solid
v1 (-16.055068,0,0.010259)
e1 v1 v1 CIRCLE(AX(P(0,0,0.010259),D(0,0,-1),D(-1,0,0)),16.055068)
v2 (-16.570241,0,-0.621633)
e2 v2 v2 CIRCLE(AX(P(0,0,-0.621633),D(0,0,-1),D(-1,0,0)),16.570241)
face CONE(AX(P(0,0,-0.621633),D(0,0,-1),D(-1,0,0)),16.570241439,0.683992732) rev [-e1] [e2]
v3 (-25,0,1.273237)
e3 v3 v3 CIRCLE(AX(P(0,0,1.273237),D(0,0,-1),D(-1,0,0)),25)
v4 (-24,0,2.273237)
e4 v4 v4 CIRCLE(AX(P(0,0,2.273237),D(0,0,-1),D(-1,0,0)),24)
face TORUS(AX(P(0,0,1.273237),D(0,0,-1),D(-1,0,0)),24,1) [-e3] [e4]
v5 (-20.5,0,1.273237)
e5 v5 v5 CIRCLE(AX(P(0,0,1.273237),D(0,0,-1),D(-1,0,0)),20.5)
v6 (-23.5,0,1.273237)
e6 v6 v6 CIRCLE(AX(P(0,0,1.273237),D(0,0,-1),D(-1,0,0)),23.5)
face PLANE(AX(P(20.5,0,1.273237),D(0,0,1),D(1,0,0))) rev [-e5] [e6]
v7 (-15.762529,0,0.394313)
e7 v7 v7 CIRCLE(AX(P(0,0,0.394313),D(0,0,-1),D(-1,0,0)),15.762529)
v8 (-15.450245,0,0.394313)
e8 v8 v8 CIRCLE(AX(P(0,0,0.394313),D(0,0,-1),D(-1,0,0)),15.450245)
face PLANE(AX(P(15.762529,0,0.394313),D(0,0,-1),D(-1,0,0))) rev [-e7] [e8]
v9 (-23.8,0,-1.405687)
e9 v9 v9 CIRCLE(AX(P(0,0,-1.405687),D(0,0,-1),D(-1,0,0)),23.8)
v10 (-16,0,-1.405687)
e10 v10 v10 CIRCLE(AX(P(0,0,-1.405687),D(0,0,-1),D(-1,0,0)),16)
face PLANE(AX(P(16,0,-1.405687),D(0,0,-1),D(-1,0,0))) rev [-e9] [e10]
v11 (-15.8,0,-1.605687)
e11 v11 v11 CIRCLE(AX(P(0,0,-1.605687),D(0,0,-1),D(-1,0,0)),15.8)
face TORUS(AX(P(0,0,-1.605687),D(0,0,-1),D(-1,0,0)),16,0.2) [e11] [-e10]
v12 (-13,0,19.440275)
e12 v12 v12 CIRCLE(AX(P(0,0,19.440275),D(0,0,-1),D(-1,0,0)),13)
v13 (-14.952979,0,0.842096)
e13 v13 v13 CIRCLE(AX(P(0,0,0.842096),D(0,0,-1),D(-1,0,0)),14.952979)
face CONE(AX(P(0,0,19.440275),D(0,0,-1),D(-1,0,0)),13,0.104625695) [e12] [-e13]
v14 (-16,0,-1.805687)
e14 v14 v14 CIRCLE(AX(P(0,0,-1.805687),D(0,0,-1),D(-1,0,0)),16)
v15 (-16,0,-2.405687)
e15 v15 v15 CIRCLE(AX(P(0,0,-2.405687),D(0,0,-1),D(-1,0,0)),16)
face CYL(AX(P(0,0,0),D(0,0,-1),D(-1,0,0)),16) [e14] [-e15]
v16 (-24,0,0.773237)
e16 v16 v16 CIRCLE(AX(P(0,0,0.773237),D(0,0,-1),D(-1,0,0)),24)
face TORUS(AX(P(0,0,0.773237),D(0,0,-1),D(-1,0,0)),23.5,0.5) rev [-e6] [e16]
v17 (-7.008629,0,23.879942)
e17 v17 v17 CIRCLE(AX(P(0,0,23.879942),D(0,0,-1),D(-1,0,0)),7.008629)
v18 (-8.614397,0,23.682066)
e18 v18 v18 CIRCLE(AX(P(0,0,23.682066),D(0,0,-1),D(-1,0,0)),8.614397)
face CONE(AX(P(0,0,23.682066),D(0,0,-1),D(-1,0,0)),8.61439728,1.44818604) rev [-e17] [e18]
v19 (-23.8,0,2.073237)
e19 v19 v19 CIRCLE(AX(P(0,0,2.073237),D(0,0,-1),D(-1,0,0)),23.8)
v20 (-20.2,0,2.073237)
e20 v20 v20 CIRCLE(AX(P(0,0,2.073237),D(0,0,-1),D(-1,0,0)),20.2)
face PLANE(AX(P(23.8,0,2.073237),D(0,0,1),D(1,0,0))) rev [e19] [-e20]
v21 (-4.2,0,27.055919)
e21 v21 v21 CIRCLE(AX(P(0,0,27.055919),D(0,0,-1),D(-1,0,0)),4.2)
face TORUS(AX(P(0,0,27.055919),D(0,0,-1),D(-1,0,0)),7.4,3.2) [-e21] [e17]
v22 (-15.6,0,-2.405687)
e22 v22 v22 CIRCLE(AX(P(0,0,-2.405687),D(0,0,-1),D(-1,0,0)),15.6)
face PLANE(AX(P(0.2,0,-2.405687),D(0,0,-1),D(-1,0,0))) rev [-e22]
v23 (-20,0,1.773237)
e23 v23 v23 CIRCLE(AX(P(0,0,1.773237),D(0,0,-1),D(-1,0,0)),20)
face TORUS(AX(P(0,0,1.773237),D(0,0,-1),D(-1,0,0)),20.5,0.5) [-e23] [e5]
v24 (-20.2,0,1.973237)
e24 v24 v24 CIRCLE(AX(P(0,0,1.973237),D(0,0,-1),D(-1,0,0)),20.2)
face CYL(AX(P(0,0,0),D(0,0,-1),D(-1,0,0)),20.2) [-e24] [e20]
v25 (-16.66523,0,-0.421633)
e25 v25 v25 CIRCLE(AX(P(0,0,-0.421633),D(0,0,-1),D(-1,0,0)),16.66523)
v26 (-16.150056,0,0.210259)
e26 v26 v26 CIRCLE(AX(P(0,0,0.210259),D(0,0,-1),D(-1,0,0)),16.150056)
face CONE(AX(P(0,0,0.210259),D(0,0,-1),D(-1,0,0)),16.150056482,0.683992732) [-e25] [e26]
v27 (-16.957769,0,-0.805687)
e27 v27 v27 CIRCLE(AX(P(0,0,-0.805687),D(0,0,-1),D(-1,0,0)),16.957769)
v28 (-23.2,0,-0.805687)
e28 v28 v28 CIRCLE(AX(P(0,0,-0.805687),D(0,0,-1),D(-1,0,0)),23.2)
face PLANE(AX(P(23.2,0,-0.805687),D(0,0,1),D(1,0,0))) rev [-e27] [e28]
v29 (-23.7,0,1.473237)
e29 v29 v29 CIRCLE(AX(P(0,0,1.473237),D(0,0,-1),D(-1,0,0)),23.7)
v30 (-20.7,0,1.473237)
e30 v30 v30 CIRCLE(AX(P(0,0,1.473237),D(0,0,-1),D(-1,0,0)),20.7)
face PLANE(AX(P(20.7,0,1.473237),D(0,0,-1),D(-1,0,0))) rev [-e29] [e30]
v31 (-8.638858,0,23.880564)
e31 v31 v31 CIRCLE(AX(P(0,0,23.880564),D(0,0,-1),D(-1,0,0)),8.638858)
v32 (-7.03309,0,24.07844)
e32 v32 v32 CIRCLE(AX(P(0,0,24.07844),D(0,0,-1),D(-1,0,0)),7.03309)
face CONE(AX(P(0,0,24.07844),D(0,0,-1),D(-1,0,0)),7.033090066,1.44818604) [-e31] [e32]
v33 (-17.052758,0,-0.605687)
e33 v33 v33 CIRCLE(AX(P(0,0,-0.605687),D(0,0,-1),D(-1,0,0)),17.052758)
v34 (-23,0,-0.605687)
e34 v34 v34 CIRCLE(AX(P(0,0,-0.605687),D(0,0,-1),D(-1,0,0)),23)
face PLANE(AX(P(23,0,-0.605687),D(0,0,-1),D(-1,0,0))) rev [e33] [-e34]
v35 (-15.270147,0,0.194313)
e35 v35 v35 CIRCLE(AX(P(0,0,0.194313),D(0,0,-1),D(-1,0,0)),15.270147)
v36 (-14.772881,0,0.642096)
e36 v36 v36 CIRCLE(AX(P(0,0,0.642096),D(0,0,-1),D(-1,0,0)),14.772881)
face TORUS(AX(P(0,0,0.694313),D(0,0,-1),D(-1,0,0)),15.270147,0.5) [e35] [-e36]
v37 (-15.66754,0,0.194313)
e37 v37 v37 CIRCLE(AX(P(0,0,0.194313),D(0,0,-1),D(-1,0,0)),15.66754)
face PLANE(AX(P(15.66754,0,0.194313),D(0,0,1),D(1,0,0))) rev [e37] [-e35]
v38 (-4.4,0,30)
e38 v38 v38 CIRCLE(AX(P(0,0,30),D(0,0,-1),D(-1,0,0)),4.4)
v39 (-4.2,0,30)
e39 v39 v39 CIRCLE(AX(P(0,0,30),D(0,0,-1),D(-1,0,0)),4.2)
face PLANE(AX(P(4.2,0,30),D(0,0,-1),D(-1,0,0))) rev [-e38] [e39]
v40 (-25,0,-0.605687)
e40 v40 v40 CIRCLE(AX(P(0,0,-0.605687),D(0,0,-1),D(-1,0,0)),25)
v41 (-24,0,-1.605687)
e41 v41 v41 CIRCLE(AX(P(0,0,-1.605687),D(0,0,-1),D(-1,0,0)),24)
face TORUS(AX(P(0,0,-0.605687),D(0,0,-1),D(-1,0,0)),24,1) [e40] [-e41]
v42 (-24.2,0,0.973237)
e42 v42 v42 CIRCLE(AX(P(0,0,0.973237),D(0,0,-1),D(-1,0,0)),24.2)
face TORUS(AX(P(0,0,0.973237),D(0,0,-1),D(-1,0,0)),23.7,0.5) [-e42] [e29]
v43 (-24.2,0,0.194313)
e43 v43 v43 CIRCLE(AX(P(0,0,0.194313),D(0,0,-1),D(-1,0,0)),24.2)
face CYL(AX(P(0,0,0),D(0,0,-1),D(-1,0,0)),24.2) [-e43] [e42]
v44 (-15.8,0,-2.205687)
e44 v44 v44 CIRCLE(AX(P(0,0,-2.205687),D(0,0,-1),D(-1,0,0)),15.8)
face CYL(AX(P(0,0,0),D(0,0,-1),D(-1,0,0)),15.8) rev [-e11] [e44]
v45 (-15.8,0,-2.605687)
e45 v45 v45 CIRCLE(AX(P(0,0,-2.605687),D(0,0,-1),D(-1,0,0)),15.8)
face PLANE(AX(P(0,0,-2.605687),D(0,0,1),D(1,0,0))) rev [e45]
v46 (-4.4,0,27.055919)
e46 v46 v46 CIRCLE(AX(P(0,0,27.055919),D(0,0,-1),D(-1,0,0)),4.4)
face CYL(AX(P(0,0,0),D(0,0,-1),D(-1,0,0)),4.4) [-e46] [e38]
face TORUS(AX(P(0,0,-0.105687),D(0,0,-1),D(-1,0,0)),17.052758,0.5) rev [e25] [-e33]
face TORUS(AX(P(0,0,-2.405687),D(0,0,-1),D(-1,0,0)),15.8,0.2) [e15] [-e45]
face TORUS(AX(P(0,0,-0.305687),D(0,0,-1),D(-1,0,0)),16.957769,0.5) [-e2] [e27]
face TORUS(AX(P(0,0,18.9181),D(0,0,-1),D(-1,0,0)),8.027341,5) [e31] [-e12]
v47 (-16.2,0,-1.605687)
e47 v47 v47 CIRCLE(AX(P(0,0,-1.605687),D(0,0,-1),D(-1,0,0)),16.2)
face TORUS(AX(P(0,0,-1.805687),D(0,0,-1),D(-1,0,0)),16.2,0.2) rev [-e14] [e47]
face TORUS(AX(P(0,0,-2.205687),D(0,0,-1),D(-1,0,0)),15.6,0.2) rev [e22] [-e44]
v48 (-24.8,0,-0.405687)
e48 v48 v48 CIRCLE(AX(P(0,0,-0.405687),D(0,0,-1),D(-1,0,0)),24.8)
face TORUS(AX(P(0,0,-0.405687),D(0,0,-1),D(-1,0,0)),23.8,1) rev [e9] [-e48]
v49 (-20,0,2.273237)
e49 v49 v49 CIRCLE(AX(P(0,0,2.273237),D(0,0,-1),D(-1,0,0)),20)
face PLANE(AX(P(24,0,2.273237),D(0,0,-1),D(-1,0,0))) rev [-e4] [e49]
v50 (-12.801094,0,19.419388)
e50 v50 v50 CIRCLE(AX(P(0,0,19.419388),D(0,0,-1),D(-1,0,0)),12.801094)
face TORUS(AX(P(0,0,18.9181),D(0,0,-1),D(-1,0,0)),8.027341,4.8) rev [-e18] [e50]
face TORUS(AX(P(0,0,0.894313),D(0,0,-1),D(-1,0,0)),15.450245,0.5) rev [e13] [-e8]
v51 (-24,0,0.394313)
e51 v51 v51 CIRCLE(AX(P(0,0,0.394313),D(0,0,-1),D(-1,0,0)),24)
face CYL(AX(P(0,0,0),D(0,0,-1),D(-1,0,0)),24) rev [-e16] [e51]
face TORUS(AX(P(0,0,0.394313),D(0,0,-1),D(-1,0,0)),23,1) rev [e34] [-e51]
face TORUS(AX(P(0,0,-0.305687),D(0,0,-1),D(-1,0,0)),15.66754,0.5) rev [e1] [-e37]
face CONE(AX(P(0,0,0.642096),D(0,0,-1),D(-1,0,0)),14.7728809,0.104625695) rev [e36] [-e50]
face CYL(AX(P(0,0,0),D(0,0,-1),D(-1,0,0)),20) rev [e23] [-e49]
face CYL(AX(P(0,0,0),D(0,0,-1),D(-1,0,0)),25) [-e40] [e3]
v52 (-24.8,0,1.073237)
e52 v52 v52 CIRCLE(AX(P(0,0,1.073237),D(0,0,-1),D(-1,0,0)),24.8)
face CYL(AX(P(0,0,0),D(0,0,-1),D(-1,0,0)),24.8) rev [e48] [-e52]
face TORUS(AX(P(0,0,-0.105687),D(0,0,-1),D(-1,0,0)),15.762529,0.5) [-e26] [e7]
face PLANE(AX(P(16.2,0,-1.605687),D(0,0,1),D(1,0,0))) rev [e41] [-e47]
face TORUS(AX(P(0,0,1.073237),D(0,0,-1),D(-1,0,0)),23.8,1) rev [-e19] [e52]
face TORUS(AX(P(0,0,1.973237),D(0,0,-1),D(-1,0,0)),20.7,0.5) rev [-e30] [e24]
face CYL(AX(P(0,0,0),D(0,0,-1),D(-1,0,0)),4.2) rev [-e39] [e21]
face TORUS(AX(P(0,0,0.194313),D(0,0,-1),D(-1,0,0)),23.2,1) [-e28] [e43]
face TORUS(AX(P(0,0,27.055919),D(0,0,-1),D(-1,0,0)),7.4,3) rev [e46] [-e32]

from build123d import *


with BuildPart() as part:
    # Sketch1 → Revolve1 (revolve)
    with BuildSketch(Plane(origin=(0, 0, 0), x_dir=(1, 0, 0), z_dir=(0, 1, 0)), mode=Mode.PRIVATE) as revolve1_sk:
        with BuildLine():
            Line((0, 2.405686837), (0, 2.605686837))
            Line((0, 2.605686837), (15.8, 2.605686837))
            ThreePointArc((15.8, 2.605686837), (15.941421356, 2.547108193), (16, 2.405686837))
            Line((16, 2.405686837), (16, 1.805686837))
            ThreePointArc((16, 1.805686837), (16.058578644, 1.66426548), (16.2, 1.605686837))
            Line((16.2, 1.605686837), (24, 1.605686837))
            ThreePointArc((24, 1.605686837), (24.707106781, 1.312793618), (25, 0.605686837))
            Line((25, 0.605686837), (25, -1.273236641))
            ThreePointArc((25, -1.273236641), (24.707106781, -1.980343422), (24, -2.273236641))
            Line((24, -2.273236641), (20, -2.273236641))
            Line((20, -2.273236641), (20, -1.773236641))
            ThreePointArc((20, -1.773236641), (20.146446609, -1.41968325), (20.5, -1.273236641))
            Line((20.5, -1.273236641), (23.5, -1.273236641))
            ThreePointArc((23.5, -1.273236641), (23.853553391, -1.126790031), (24, -0.773236641))
            Line((24, -0.773236641), (24, -0.394313163))
            ThreePointArc((24, -0.394313163), (23.707106781, 0.312793618), (23, 0.605686837))
            Line((23, 0.605686837), (17.052757994, 0.605686837))
            ThreePointArc((17.052757994, 0.605686837), (16.838250605, 0.557335572), (16.665230031, 0.421633158))
            Line((16.665230031, 0.421633158), (16.150056482, -0.210259485))
            ThreePointArc((16.150056482, -0.210259485), (15.977035907, -0.345961899), (15.762528519, -0.394313163))
            Line((15.762528519, -0.394313163), (15.450244603, -0.394313163))
            ThreePointArc((15.450244603, -0.394313163), (15.115661825, -0.522756486), (14.952978742, -0.842095704))
            Line((14.952978742, -0.842095704), (13, -19.440274835))
            ThreePointArc((13, -19.440274835), (11.594524486, -22.42169907), (8.638857943, -23.880564099))
            Line((8.638857943, -23.880564099), (7.033090066, -24.07844033))
            ThreePointArc((7.033090066, -24.07844033), (5.152698307, -25.068549754), (4.4, -27.055918642))
            Line((4.4, -27.055918642), (4.4, -30))
            Line((4.4, -30), (4.2, -30))
            Line((4.2, -30), (4.2, -27.055918642))
            ThreePointArc((4.2, -27.055918642), (5.002878194, -24.936058495), (7.008629403, -23.879941776))
            Line((7.008629403, -23.879941776), (8.61439728, -23.682065545))
            ThreePointArc((8.61439728, -23.682065545), (11.451837162, -22.281555117), (12.801093655, -19.419387852))
            Line((12.801093655, -19.419387852), (14.7728809, -0.642095704))
            ThreePointArc((14.7728809, -0.642095704), (14.935563984, -0.322756486), (15.270146762, -0.194313163))
            Line((15.270146762, -0.194313163), (15.667539926, -0.194313163))
            ThreePointArc((15.667539926, -0.194313163), (15.882047315, -0.145961899), (16.055067889, -0.010259485))
            Line((16.055067889, -0.010259485), (16.570241439, 0.621633158))
            ThreePointArc((16.570241439, 0.621633158), (16.743262013, 0.757335572), (16.957769401, 0.805686837))
            Line((16.957769401, 0.805686837), (23.2, 0.805686837))
            ThreePointArc((23.2, 0.805686837), (23.907106781, 0.512793618), (24.2, -0.194313163))
            Line((24.2, -0.194313163), (24.2, -0.973236641))
            ThreePointArc((24.2, -0.973236641), (24.053553391, -1.326790031), (23.7, -1.473236641))
            Line((23.7, -1.473236641), (20.7, -1.473236641))
            ThreePointArc((20.7, -1.473236641), (20.346446609, -1.61968325), (20.2, -1.973236641))
            Line((20.2, -1.973236641), (20.2, -2.073236641))
            Line((20.2, -2.073236641), (23.8, -2.073236641))
            ThreePointArc((23.8, -2.073236641), (24.507106781, -1.780343422), (24.8, -1.073236641))
            Line((24.8, -1.073236641), (24.8, 0.405686837))
            ThreePointArc((24.8, 0.405686837), (24.507106781, 1.112793618), (23.8, 1.405686837))
            Line((23.8, 1.405686837), (16, 1.405686837))
            ThreePointArc((16, 1.405686837), (15.858578644, 1.46426548), (15.8, 1.605686837))
            Line((15.8, 1.605686837), (15.8, 2.205686837))
            ThreePointArc((15.8, 2.205686837), (15.741421356, 2.347108193), (15.6, 2.405686837))
            Line((15.6, 2.405686837), (0.2, 2.405686837))
            Line((0.2, 2.405686837), (0, 2.405686837))
        make_face()
    revolve(revolve1_sk.sketch.rotate(Axis((0, 0, 0), (0, 0, 1)), 180), axis=Axis((0, 0, 0), (0, 0, 1)))


solid = part.part
